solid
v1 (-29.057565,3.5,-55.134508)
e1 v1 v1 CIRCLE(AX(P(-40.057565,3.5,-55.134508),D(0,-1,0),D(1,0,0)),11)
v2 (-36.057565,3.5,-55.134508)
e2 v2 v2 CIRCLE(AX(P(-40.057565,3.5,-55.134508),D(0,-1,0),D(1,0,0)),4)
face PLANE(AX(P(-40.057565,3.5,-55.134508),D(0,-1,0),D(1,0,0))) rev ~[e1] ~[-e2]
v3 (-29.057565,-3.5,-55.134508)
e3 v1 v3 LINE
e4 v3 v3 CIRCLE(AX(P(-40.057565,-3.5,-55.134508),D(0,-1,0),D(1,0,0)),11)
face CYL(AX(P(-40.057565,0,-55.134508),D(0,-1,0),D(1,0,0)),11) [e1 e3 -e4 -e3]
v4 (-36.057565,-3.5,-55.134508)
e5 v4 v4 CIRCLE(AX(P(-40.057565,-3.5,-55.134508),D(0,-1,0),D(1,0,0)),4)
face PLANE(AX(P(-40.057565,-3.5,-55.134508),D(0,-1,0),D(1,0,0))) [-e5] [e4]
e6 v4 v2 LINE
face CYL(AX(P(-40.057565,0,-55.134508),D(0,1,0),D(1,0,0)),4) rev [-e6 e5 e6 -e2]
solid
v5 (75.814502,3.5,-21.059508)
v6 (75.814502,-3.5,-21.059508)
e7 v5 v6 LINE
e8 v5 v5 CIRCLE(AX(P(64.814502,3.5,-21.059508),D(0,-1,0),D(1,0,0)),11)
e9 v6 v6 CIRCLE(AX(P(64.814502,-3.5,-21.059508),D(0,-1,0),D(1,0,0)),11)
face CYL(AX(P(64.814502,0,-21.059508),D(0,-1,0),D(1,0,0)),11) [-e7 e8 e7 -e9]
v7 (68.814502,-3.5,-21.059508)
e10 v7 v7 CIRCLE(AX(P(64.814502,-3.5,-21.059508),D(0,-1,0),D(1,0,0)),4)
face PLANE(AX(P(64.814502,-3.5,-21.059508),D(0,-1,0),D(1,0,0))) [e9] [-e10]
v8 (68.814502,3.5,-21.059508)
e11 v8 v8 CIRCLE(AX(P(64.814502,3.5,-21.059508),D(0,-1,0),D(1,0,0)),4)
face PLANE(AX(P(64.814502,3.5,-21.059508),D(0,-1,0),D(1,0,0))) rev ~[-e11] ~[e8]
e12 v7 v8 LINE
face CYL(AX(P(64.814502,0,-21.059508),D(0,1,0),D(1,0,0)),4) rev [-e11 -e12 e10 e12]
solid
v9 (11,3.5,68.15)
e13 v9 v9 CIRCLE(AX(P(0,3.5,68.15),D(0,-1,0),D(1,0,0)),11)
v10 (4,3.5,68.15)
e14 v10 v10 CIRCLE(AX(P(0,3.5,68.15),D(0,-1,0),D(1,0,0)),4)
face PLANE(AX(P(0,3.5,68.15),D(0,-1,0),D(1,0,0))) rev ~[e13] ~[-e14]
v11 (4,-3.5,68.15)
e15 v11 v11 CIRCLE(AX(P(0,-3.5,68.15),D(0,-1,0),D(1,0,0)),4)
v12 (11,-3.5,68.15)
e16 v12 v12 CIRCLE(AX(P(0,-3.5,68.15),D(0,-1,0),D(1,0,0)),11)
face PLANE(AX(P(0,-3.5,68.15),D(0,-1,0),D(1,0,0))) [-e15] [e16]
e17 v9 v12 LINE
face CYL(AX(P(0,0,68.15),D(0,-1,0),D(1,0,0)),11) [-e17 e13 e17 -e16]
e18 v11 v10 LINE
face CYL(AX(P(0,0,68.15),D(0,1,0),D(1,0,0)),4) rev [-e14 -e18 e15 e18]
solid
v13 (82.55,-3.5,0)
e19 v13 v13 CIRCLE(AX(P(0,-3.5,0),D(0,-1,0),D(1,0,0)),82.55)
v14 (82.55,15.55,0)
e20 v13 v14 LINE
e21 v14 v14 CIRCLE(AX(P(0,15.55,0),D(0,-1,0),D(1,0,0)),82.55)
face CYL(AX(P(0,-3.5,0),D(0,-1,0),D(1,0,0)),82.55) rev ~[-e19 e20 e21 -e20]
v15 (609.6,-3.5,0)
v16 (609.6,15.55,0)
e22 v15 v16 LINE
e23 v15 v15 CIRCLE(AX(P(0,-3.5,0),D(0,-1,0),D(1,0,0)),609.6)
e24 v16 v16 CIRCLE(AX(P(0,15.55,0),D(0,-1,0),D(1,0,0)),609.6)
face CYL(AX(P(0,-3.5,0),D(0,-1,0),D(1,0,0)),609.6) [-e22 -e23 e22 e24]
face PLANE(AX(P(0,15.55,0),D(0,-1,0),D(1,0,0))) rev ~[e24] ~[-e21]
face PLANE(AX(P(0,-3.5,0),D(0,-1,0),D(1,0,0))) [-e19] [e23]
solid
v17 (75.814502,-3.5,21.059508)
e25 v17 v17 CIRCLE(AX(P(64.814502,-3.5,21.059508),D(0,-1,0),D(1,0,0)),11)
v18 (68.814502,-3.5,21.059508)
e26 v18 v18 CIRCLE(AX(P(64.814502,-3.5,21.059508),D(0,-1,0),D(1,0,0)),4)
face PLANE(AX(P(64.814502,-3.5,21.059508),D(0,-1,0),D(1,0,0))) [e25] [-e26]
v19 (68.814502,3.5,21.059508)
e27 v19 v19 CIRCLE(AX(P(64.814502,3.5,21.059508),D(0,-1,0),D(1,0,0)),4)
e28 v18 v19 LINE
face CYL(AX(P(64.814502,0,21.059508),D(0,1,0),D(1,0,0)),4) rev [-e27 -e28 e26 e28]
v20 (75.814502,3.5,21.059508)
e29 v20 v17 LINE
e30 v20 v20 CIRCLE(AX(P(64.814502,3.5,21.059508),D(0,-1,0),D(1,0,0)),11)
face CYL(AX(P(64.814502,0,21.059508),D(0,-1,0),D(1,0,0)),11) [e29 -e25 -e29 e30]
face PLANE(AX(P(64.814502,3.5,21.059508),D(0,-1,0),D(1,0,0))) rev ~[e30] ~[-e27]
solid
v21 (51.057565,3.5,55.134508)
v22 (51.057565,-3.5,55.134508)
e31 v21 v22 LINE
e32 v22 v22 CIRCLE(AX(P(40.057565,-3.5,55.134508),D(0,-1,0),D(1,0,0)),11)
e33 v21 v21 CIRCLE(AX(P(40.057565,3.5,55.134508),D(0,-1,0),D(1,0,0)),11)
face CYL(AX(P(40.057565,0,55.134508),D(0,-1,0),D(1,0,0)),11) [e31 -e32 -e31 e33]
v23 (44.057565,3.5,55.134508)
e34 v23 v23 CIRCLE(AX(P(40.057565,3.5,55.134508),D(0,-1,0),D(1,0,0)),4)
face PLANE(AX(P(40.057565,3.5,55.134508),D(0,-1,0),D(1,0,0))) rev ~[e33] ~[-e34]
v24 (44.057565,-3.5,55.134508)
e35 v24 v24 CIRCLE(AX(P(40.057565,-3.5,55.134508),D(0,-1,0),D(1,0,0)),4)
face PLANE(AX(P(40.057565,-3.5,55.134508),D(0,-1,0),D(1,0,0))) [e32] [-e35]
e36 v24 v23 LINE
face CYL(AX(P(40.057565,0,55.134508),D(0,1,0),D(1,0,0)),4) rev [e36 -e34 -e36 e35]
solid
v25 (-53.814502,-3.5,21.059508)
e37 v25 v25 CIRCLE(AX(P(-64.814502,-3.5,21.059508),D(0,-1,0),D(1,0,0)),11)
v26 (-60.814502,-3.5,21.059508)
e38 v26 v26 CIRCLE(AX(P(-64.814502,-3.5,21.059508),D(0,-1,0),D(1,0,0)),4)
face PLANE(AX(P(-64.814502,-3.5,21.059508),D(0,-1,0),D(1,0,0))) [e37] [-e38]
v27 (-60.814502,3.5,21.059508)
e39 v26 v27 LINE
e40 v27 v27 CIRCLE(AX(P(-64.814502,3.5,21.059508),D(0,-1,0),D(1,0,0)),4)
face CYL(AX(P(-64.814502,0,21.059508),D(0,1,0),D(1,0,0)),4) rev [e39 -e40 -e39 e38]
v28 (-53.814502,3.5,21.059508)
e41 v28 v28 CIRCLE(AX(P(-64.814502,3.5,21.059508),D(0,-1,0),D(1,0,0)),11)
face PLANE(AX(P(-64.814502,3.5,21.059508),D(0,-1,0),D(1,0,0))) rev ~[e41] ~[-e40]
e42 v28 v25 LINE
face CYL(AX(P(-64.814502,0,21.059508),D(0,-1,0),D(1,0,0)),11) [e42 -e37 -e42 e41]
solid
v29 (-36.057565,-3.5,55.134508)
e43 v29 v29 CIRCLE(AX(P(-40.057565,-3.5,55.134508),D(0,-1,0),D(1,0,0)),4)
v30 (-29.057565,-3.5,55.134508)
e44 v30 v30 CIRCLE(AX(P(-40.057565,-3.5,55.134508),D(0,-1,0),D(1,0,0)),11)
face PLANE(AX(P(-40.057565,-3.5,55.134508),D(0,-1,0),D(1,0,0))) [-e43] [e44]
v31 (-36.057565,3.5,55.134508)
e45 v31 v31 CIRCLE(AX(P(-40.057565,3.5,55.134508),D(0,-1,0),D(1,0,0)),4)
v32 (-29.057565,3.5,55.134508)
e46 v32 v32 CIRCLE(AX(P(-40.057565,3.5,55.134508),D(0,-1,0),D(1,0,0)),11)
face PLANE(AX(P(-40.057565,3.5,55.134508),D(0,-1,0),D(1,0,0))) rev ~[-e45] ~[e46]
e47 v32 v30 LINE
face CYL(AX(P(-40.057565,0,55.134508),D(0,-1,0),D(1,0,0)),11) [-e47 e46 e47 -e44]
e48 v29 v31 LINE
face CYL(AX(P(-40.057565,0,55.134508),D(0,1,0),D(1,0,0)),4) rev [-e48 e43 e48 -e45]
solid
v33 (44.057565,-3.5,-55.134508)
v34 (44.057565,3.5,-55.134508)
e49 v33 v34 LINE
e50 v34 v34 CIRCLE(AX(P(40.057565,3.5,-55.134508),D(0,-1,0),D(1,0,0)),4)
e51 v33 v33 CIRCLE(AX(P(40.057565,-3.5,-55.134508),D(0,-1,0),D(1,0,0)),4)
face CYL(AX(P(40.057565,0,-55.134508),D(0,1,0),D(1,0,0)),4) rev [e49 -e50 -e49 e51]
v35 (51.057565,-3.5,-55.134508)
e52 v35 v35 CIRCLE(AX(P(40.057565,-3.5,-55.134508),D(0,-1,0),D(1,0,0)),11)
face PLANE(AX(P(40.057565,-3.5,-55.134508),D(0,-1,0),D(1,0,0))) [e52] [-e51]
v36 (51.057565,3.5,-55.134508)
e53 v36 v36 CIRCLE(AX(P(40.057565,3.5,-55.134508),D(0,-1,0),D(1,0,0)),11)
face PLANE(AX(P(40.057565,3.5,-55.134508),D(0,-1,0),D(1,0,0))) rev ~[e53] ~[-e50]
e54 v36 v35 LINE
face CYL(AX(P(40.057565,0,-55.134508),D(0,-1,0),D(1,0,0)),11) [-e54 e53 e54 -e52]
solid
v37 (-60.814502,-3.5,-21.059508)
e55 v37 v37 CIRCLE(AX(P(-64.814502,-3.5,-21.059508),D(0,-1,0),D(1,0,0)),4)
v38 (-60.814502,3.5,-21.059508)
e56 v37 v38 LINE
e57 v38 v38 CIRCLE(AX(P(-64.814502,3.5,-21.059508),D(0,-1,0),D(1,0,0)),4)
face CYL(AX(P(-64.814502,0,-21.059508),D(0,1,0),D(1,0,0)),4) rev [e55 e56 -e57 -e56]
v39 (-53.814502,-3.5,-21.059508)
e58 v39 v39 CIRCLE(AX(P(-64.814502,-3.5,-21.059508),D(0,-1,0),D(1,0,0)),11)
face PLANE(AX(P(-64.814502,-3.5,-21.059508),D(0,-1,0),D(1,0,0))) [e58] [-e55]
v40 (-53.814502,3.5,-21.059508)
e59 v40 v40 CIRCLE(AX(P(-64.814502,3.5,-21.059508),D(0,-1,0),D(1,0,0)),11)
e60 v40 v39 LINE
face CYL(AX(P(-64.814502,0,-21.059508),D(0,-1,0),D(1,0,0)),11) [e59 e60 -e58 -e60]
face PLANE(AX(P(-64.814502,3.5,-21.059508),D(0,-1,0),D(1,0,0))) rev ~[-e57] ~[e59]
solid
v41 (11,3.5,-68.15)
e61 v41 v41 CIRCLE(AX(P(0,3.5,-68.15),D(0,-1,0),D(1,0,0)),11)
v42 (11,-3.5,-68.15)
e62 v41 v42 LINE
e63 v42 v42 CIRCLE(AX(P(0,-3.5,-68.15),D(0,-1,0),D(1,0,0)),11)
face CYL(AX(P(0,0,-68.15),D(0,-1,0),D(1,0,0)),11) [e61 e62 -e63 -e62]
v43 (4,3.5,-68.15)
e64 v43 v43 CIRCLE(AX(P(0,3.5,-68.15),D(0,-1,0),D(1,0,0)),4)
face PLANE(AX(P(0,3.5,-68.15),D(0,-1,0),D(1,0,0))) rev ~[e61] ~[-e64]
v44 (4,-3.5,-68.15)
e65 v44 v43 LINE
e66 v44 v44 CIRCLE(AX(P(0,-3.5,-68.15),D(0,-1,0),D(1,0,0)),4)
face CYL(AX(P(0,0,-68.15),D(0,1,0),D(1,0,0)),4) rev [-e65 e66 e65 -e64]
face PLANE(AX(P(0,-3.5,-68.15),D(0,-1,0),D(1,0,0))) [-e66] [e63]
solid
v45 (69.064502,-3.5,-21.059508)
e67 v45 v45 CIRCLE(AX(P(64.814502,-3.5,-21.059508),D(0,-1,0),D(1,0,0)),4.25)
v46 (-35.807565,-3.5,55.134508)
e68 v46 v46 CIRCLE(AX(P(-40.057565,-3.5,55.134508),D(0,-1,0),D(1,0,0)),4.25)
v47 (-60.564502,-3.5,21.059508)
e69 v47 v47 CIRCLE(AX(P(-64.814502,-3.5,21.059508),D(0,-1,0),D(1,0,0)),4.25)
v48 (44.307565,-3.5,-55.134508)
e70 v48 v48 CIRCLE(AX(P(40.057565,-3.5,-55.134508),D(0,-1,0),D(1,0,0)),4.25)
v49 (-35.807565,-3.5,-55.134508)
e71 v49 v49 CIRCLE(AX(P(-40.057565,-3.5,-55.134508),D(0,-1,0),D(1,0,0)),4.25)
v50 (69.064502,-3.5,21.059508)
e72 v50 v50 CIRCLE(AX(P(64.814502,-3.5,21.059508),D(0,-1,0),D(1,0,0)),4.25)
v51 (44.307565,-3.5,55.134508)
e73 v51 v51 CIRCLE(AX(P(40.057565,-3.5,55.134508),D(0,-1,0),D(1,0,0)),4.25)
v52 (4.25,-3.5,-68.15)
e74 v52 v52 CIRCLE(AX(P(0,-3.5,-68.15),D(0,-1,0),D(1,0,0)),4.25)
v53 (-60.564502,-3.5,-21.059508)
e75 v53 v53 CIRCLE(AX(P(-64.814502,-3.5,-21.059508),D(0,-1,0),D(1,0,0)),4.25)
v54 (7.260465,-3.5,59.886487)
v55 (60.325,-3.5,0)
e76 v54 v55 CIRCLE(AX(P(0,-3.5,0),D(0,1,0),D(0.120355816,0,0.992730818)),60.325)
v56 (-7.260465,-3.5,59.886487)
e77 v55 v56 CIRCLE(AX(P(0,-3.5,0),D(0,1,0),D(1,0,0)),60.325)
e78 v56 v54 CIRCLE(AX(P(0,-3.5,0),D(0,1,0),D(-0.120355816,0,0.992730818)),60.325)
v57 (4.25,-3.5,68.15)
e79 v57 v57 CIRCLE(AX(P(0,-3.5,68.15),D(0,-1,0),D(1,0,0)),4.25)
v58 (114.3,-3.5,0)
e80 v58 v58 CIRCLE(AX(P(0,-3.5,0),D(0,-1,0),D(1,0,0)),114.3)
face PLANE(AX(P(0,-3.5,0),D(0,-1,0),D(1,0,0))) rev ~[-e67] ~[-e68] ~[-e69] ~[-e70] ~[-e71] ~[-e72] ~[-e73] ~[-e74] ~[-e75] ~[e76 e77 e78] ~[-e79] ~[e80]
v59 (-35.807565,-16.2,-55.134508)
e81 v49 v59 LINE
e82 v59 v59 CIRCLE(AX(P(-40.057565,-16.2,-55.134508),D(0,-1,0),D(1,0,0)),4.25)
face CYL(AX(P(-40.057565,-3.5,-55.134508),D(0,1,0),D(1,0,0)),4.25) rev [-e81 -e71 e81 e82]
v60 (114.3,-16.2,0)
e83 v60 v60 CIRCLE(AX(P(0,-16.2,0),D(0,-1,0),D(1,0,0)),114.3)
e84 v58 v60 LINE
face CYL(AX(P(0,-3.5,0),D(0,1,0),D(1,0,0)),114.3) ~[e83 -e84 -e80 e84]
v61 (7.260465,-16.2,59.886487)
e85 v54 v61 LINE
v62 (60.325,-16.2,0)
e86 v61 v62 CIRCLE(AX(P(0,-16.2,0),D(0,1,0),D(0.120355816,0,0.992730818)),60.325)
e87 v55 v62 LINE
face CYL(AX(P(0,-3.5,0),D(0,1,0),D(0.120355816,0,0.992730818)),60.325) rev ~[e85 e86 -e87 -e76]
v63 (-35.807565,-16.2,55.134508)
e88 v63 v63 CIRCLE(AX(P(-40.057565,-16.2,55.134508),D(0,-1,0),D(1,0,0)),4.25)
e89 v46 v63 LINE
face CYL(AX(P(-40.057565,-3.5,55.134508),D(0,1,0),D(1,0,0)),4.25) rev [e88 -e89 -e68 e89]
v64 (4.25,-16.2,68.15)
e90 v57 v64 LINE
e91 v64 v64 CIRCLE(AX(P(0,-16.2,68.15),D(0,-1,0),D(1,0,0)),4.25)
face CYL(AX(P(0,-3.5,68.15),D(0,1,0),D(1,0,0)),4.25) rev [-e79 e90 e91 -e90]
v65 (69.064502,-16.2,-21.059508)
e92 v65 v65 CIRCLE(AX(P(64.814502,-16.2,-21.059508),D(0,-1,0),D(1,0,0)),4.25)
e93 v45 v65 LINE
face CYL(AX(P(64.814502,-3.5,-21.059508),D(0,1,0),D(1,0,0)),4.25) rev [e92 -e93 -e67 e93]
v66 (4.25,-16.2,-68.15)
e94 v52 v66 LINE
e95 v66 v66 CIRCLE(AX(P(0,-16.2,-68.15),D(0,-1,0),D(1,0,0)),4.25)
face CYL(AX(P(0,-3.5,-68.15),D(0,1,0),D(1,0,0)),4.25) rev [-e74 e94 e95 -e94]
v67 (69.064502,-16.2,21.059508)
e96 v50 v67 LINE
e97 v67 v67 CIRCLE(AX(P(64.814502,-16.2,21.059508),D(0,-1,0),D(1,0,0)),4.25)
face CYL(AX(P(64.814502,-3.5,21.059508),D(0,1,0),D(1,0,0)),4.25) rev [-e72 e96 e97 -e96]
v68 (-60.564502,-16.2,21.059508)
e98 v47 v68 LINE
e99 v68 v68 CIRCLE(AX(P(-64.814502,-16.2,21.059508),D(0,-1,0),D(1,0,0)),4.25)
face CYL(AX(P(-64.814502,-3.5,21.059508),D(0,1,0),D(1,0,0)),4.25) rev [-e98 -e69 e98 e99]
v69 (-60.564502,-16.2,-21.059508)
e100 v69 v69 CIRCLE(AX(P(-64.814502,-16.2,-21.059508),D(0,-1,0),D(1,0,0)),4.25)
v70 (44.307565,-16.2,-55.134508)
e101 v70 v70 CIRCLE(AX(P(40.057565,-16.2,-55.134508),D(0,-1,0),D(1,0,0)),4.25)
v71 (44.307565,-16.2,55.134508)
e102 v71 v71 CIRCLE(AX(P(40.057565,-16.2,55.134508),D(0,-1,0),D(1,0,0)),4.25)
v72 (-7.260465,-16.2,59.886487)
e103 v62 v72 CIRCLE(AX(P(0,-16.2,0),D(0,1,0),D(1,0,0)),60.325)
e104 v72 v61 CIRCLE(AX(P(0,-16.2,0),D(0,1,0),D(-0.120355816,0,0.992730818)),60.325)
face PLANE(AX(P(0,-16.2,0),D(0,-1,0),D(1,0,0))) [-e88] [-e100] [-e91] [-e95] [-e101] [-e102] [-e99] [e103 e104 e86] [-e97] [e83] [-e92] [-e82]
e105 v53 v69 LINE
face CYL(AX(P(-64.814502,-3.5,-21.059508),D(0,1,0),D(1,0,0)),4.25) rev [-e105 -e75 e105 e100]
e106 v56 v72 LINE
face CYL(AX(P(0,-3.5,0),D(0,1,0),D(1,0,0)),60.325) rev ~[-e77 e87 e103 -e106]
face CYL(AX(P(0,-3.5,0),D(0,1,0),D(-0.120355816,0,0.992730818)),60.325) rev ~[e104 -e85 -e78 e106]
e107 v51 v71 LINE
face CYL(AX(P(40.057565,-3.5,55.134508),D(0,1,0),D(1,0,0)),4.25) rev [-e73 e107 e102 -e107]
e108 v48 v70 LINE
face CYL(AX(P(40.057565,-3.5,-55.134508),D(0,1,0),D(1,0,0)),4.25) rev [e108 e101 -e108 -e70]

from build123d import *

# Parameters (mm, degrees)
F0_R     = 11
F0_R_2   = 4
F1_DEPTH = 3.5
F2_R     = 114.3
F2_R_2   = 82.55
F2_R_3   = 4.25
F3_DEPTH = 12.7
F2_R_4   = 609.6
F4_DEPTH = 19.05


with BuildPart() as f1:
    # F0 (on Front) → F1 (new body, symmetric)
    with BuildSketch(Plane.XZ):
        with Locations((0, 68.15)):
            Circle(F0_R)
        with Locations((0, 68.15)):
            Circle(F0_R_2, mode=Mode.SUBTRACT)
    extrude(amount=F1_DEPTH, both=True)


with BuildPart() as f1b:
    # F0 (on Front) → F1, piece 2 (new body, symmetric)
    with BuildSketch(Plane.XZ):
        with Locations((-40.0575649437, 55.1345081667)):
            Circle(F0_R)
        with Locations((-40.0575649437, 55.1345081667)):
            Circle(F0_R_2, mode=Mode.SUBTRACT)
    extrude(amount=F1_DEPTH, both=True)


with BuildPart() as f1c:
    # F0 (on Front) → F1, piece 3 (new body, symmetric)
    with BuildSketch(Plane.XZ):
        with Locations((-64.8145015855, 21.0595081667)):
            Circle(F0_R)
        with Locations((-64.8145015855, 21.0595081667)):
            Circle(F0_R_2, mode=Mode.SUBTRACT)
    extrude(amount=F1_DEPTH, both=True)


with BuildPart() as f1d:
    # F0 (on Front) → F1, piece 4 (new body, symmetric)
    with BuildSketch(Plane.XZ):
        with Locations((-64.8145015855, -21.0595081667)):
            Circle(F0_R)
        with Locations((-64.8145015855, -21.0595081667)):
            Circle(F0_R_2, mode=Mode.SUBTRACT)
    extrude(amount=F1_DEPTH, both=True)


with BuildPart() as f1e:
    # F0 (on Front) → F1, piece 5 (new body, symmetric)
    with BuildSketch(Plane.XZ):
        with Locations((-40.0575649437, -55.1345081667)):
            Circle(F0_R)
        with Locations((-40.0575649437, -55.1345081667)):
            Circle(F0_R_2, mode=Mode.SUBTRACT)
    extrude(amount=F1_DEPTH, both=True)


with BuildPart() as f1f:
    # F0 (on Front) → F1, piece 6 (new body, symmetric)
    with BuildSketch(Plane.XZ):
        with Locations((0, -68.15)):
            Circle(F0_R)
        with Locations((0, -68.15)):
            Circle(F0_R_2, mode=Mode.SUBTRACT)
    extrude(amount=F1_DEPTH, both=True)


with BuildPart() as f1g:
    # F0 (on Front) → F1, piece 7 (new body, symmetric)
    with BuildSketch(Plane.XZ):
        with Locations((40.0575649437, -55.1345081667)):
            Circle(F0_R)
        with Locations((40.0575649437, -55.1345081667)):
            Circle(F0_R_2, mode=Mode.SUBTRACT)
    extrude(amount=F1_DEPTH, both=True)


with BuildPart() as f1h:
    # F0 (on Front) → F1, piece 8 (new body, symmetric)
    with BuildSketch(Plane.XZ):
        with Locations((64.8145015855, -21.0595081667)):
            Circle(F0_R)
        with Locations((64.8145015855, -21.0595081667)):
            Circle(F0_R_2, mode=Mode.SUBTRACT)
    extrude(amount=F1_DEPTH, both=True)


with BuildPart() as f1i:
    # F0 (on Front) → F1, piece 9 (new body, symmetric)
    with BuildSketch(Plane.XZ):
        with Locations((64.8145015855, 21.0595081667)):
            Circle(F0_R)
        with Locations((64.8145015855, 21.0595081667)):
            Circle(F0_R_2, mode=Mode.SUBTRACT)
    extrude(amount=F1_DEPTH, both=True)


with BuildPart() as f1j:
    # F0 (on Front) → F1, piece 10 (new body, symmetric)
    with BuildSketch(Plane.XZ):
        with Locations((40.0575649437, 55.1345081667)):
            Circle(F0_R)
        with Locations((40.0575649437, 55.1345081667)):
            Circle(F0_R_2, mode=Mode.SUBTRACT)
    extrude(amount=F1_DEPTH, both=True)


with BuildPart() as f3:
    # F2 (on face) → F3 (new body)
    with BuildSketch(Plane.XZ.offset(3.5)):
        Circle(F2_R)
        Circle(F2_R_2, mode=Mode.SUBTRACT)
        Circle(F2_R_2)
        with Locations((-40.0575649437, -55.1345081667)):
            Circle(F2_R_3, mode=Mode.SUBTRACT)
        with Locations((-64.8145015855, -21.0595081667)):
            Circle(F2_R_3, mode=Mode.SUBTRACT)
        with Locations((0, -68.15)):
            Circle(F2_R_3, mode=Mode.SUBTRACT)
        with Locations((40.0575649437, -55.1345081667)):
            Circle(F2_R_3, mode=Mode.SUBTRACT)
        with Locations((64.8145015855, -21.0595081667)):
            Circle(F2_R_3, mode=Mode.SUBTRACT)
        with Locations((-64.8145015855, 21.0595081667)):
            Circle(F2_R_3, mode=Mode.SUBTRACT)
        with Locations((-40.0575649437, 55.1345081667)):
            Circle(F2_R_3, mode=Mode.SUBTRACT)
        with BuildLine():
            ThreePointArc((7.2604646174, 59.8864866104), (45.1502666274, 40.0069874957), (60.325, 0))
            ThreePointArc((60.325, 0), (-40.0069874957, -45.1502666274), (-7.2604646174, 59.8864866104))
            ThreePointArc((-7.2604646174, 59.8864866104), (-4.5351344638, 78.1716044322), (11, 68.15))
            ThreePointArc((11, 68.15), (10.0216044322, 63.6148655362), (7.2604646174, 59.8864866104))
        make_face(mode=Mode.SUBTRACT)
        with Locations((64.8145015855, 21.0595081667)):
            Circle(F2_R_3, mode=Mode.SUBTRACT)
        with Locations((40.0575649437, 55.1345081667)):
            Circle(F2_R_3, mode=Mode.SUBTRACT)
        with BuildLine():
            ThreePointArc((-7.2604646174, 59.8864866104), (0, 60.325), (7.2604646174, 59.8864866104))
            ThreePointArc((7.2604646174, 59.8864866104), (10.0216044322, 63.6148655362), (11, 68.15))
            ThreePointArc((11, 68.15), (-4.5351344638, 78.1716044322), (-7.2604646174, 59.8864866104))
        make_face()
        with Locations((0, 68.15)):
            Circle(F2_R_3, mode=Mode.SUBTRACT)
    extrude(amount=F3_DEPTH)


with BuildPart() as f4:
    # F2 (on face) → F4 (new body)
    with BuildSketch(Plane.XZ.offset(3.5)):
        Circle(F2_R_4)
        Circle(F2_R, mode=Mode.SUBTRACT)
        Circle(F2_R)
        Circle(F2_R_2, mode=Mode.SUBTRACT)
    extrude(amount=-F4_DEPTH)


solid = Compound([f1.part, f1b.part, f1c.part, f1d.part, f1e.part, f1f.part, f1g.part, f1h.part, f1i.part, f1j.part, f3.part, f4.part])
